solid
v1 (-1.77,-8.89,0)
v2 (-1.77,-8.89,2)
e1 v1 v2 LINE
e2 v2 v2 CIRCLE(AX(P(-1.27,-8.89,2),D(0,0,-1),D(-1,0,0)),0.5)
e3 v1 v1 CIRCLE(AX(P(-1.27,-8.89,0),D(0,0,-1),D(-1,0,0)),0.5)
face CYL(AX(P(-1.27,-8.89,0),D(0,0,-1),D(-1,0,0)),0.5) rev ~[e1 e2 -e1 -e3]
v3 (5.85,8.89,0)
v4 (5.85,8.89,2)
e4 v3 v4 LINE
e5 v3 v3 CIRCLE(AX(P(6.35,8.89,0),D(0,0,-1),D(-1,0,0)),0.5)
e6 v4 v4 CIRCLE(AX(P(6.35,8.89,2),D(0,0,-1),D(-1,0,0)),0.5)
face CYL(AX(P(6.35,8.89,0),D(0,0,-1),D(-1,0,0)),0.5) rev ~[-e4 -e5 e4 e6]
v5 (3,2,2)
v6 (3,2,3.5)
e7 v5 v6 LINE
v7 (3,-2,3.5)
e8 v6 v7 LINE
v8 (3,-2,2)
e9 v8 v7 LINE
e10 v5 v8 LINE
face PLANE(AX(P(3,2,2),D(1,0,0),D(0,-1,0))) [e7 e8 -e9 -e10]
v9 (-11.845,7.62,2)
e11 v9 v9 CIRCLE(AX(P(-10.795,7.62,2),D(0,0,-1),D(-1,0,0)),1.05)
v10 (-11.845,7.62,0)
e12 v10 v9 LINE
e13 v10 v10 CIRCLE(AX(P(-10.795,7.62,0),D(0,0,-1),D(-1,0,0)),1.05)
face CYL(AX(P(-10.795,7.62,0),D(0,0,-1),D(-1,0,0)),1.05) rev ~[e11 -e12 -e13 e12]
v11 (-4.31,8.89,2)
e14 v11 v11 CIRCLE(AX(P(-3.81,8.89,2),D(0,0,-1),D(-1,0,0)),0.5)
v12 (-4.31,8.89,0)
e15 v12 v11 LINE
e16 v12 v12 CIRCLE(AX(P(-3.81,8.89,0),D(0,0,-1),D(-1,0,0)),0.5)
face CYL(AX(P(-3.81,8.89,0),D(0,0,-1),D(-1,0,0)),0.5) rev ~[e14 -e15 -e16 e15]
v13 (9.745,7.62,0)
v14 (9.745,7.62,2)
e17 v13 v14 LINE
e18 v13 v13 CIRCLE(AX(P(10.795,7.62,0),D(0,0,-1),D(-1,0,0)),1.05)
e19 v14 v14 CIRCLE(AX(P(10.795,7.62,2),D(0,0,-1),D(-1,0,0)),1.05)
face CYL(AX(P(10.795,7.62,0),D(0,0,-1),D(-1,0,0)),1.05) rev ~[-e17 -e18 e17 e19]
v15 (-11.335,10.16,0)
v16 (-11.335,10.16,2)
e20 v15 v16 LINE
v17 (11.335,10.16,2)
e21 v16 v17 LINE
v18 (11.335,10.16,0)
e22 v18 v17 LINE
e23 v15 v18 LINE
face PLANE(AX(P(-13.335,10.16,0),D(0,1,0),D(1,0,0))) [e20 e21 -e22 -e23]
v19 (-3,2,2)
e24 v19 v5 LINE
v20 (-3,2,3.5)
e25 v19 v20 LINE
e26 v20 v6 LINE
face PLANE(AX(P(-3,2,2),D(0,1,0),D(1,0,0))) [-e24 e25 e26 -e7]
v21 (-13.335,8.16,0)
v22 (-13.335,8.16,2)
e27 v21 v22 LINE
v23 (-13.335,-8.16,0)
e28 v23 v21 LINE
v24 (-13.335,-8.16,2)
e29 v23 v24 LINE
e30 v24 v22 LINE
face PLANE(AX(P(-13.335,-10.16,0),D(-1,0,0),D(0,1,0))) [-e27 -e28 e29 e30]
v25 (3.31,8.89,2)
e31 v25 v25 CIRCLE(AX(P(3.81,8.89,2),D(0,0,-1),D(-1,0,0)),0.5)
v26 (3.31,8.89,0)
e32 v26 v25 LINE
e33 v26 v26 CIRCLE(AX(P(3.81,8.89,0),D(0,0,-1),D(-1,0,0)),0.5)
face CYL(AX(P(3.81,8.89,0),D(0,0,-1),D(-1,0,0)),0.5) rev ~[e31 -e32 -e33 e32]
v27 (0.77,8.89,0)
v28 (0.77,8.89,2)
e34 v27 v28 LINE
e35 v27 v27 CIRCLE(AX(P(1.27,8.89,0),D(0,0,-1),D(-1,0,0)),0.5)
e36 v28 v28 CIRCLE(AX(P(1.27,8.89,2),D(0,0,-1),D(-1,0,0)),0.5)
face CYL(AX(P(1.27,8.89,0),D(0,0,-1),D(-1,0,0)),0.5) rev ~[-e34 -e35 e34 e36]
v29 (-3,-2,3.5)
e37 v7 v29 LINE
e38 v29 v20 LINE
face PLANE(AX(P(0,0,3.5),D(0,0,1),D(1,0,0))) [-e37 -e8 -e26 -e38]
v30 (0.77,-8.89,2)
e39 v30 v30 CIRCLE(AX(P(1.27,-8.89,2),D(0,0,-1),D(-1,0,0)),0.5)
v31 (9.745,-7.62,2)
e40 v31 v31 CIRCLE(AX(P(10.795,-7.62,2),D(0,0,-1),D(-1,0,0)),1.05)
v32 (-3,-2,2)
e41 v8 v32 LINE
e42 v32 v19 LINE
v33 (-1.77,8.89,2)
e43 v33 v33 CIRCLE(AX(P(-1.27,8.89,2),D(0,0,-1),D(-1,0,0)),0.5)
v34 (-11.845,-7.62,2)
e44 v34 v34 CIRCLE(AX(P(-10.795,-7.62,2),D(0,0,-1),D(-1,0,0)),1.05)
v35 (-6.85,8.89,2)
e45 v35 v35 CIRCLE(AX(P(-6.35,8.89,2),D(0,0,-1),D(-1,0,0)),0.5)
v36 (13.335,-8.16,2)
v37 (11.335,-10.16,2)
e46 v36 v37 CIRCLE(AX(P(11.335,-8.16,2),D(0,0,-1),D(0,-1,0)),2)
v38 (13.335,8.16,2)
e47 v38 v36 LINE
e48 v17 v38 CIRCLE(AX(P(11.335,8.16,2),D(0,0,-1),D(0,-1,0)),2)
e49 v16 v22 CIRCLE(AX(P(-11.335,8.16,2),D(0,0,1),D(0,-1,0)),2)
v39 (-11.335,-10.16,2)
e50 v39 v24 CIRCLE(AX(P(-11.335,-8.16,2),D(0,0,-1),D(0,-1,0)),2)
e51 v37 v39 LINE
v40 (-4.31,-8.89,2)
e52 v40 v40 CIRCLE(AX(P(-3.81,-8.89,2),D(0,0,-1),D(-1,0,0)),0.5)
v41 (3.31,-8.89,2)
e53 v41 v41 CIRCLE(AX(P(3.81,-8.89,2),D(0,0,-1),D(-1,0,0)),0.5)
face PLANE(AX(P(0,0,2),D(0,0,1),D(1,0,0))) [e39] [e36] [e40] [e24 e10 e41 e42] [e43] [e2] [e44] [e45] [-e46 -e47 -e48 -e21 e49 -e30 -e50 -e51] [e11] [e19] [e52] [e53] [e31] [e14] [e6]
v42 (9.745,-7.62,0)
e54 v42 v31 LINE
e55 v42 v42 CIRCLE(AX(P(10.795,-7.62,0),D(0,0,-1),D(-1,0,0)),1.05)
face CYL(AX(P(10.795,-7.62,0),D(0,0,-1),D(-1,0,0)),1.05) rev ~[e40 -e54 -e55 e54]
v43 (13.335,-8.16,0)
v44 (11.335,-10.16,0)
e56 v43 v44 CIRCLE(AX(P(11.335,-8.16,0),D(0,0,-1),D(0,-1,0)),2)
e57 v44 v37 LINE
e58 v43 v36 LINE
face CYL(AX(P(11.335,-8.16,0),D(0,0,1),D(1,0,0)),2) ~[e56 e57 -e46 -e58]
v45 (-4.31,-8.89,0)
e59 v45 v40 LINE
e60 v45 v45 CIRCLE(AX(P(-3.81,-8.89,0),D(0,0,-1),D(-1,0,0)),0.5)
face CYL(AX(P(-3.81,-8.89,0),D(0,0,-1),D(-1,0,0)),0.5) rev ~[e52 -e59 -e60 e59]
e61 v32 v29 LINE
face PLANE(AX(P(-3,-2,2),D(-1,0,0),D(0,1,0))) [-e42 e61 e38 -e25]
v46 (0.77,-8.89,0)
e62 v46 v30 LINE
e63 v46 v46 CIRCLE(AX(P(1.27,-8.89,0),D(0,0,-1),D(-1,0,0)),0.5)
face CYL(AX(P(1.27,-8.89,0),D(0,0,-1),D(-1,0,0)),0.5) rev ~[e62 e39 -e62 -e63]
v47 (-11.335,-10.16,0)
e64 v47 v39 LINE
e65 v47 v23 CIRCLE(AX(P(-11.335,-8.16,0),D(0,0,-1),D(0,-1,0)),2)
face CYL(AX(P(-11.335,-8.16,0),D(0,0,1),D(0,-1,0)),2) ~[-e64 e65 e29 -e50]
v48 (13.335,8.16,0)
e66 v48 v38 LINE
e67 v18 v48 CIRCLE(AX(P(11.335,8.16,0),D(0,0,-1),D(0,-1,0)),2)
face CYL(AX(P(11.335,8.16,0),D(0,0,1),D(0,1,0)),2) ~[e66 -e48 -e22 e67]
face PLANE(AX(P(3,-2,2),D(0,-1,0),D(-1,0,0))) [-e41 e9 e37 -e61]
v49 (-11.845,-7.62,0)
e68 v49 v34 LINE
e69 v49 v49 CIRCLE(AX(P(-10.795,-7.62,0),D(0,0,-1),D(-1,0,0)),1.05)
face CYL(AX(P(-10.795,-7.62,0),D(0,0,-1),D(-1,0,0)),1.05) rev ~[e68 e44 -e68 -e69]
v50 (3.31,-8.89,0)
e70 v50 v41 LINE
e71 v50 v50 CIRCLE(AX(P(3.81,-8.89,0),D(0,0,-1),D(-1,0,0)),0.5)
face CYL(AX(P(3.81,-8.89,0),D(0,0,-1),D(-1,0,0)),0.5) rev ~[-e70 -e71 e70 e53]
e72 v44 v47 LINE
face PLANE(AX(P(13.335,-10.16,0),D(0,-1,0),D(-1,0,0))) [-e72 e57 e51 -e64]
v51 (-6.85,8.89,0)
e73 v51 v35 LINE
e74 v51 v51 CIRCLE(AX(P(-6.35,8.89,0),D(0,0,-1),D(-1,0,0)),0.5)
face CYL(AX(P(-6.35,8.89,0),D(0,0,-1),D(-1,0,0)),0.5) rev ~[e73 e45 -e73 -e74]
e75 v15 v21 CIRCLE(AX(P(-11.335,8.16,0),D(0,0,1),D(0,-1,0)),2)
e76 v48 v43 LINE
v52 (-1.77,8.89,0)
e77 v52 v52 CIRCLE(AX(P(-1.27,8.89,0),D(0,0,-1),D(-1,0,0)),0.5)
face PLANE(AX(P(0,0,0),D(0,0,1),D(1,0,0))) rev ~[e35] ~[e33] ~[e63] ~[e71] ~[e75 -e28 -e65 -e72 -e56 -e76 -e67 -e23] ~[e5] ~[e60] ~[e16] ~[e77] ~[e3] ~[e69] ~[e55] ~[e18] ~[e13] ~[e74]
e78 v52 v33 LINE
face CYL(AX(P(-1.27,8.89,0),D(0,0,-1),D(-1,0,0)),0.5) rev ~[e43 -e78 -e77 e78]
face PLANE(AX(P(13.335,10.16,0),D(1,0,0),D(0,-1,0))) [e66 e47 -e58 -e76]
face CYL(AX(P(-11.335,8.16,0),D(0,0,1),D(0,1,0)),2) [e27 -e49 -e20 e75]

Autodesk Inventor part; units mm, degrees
ref_plane "YZ Plane" through (0, 0, 0) normal (1, 0, 0) x (0, 1, 0)
ref_plane "XZ Plane" through (0, 0, 0) normal (0, 1, 0) x (-1, 0, 0)
ref_plane "XY Plane" through (0, 0, 0) normal (0, 0, 1) x (1, 0, 0)
sketch "Skizze1" plane through (0, 0, 0) normal (0, 0, 1) x (1, 0, 0)
  line L0 (-13.335, 10.16) -> (13.335, 10.16)
  line L1 (13.335, 10.16) -> (13.335, -10.16)
  line L2 (13.335, -10.16) -> (-13.335, -10.16)
  line L3 (-13.335, -10.16) -> (-13.335, 10.16)
  line L4 (-13.335, 10.16) -> (13.335, -10.16) construction
  line L5 (13.335, 10.16) -> (-13.335, -10.16) construction
  point P0 (0, 0)
  dimension "d0" = 26.67
  dimension "d1" = 20.32
extrude "Extrusion1" add sketch "Skizze1" along normal blind 2
fillet "Rundung1" radius 2 4 edges at (-13.335, -10.16, 1) (13.335, -10.16, 1) (13.335, 10.16, 1) (-13.335, 10.16, 1)
sketch "Skizze2" plane through (0, 0, 0) normal (0, 0, -1) x (-1, 0, 0)
  line L0 (-10.795, -7.62) -> (10.795, -7.62) construction
  line L1 (10.795, -7.62) -> (10.795, 7.62) construction
  line L2 (10.795, 7.62) -> (-10.795, 7.62) construction
  line L3 (-10.795, 7.62) -> (-10.795, -7.62) construction
  line L4 (-10.795, -7.62) -> (10.795, 7.62) construction
  line L5 (10.795, -7.62) -> (-10.795, 7.62) construction
  line L6 (-6.35, -8.89) -> (6.35, -8.89) construction
  line L7 (6.35, -8.89) -> (6.35, 8.89) construction
  line L8 (6.35, 8.89) -> (-6.35, 8.89) construction
  line L9 (-6.35, 8.89) -> (-6.35, -8.89) construction
  line L10 (-6.35, -8.89) -> (6.35, 8.89) construction
  line L11 (6.35, -8.89) -> (-6.35, 8.89) construction
  circle A0 centre (6.35, 8.89) radius 0.5
  circle A1 centre (3.81, 8.89) radius 0.5
  line L12 (3.81, 8.89) -> (-8.89, 8.89) construction
  circle A2 centre (1.27, 8.89) radius 0.5
  line L13 (1.27, 8.89) -> (-11.43, 8.89) construction
  circle A3 centre (-1.27, 8.89) radius 0.5
  line L14 (-1.27, 8.89) -> (-13.97, 8.89) construction
  circle A4 centre (-3.81, 8.89) radius 0.5
  line L15 (-3.81, 8.89) -> (-16.51, 8.89) construction
  circle A5 centre (-6.35, 8.89) radius 0.5
  line L16 (-6.35, 8.89) -> (-19.05, 8.89) construction
  circle A6 centre (3.81, -8.89) radius 0.5
  circle A7 centre (1.27, -8.89) radius 0.5
  line L17 (-8.89, -8.89) -> (3.81, -8.89) construction
  circle A8 centre (-1.27, -8.89) radius 0.5
  line L18 (-11.43, -8.89) -> (1.27, -8.89) construction
  circle A9 centre (-3.81, -8.89) radius 0.5
  line L19 (-13.97, -8.89) -> (-1.27, -8.89) construction
  circle A10 centre (10.795, -7.62) radius 1.05
  circle A11 centre (-10.795, -7.62) radius 1.05
  circle A12 centre (-10.795, 7.62) radius 1.05
  circle A13 centre (10.795, 7.62) radius 1.05
  point P0 (0, 0)
  dimension "d5" = 21.59
  dimension "d6" = 15.24
  dimension "d7" = 17.78
  dimension "d8" = 12.7
  dimension "d9" = 1
  dimension "d14" = 2.54
  dimension "d19" = 1
  dimension "d22" = 2.54
  dimension "d27" = 2.1
  dimension "d28" = 2.1
  dimension "d29" = 2.1
  dimension "d30" = 2.1
extrude "Extrusion2" cut sketch "Skizze2" against normal through all
sketch "Skizze3" plane through (0, 0, 2) normal (0, 0, 1) x (1, 0, 0)
  line L0 (-3, 2) -> (3, 2)
  line L1 (3, 2) -> (3, -2)
  line L2 (3, -2) -> (-3, -2)
  line L3 (-3, -2) -> (-3, 2)
  line L4 (-3, 2) -> (3, -2) construction
  line L5 (3, 2) -> (-3, -2) construction
  point P0 (0, 0)
  dimension "d33" = 6
  dimension "d34" = 4
extrude "Extrusion3" add sketch "Skizze3" along normal blind 1.5
properties part number "BNO055" material "Kupfer, Guss"
